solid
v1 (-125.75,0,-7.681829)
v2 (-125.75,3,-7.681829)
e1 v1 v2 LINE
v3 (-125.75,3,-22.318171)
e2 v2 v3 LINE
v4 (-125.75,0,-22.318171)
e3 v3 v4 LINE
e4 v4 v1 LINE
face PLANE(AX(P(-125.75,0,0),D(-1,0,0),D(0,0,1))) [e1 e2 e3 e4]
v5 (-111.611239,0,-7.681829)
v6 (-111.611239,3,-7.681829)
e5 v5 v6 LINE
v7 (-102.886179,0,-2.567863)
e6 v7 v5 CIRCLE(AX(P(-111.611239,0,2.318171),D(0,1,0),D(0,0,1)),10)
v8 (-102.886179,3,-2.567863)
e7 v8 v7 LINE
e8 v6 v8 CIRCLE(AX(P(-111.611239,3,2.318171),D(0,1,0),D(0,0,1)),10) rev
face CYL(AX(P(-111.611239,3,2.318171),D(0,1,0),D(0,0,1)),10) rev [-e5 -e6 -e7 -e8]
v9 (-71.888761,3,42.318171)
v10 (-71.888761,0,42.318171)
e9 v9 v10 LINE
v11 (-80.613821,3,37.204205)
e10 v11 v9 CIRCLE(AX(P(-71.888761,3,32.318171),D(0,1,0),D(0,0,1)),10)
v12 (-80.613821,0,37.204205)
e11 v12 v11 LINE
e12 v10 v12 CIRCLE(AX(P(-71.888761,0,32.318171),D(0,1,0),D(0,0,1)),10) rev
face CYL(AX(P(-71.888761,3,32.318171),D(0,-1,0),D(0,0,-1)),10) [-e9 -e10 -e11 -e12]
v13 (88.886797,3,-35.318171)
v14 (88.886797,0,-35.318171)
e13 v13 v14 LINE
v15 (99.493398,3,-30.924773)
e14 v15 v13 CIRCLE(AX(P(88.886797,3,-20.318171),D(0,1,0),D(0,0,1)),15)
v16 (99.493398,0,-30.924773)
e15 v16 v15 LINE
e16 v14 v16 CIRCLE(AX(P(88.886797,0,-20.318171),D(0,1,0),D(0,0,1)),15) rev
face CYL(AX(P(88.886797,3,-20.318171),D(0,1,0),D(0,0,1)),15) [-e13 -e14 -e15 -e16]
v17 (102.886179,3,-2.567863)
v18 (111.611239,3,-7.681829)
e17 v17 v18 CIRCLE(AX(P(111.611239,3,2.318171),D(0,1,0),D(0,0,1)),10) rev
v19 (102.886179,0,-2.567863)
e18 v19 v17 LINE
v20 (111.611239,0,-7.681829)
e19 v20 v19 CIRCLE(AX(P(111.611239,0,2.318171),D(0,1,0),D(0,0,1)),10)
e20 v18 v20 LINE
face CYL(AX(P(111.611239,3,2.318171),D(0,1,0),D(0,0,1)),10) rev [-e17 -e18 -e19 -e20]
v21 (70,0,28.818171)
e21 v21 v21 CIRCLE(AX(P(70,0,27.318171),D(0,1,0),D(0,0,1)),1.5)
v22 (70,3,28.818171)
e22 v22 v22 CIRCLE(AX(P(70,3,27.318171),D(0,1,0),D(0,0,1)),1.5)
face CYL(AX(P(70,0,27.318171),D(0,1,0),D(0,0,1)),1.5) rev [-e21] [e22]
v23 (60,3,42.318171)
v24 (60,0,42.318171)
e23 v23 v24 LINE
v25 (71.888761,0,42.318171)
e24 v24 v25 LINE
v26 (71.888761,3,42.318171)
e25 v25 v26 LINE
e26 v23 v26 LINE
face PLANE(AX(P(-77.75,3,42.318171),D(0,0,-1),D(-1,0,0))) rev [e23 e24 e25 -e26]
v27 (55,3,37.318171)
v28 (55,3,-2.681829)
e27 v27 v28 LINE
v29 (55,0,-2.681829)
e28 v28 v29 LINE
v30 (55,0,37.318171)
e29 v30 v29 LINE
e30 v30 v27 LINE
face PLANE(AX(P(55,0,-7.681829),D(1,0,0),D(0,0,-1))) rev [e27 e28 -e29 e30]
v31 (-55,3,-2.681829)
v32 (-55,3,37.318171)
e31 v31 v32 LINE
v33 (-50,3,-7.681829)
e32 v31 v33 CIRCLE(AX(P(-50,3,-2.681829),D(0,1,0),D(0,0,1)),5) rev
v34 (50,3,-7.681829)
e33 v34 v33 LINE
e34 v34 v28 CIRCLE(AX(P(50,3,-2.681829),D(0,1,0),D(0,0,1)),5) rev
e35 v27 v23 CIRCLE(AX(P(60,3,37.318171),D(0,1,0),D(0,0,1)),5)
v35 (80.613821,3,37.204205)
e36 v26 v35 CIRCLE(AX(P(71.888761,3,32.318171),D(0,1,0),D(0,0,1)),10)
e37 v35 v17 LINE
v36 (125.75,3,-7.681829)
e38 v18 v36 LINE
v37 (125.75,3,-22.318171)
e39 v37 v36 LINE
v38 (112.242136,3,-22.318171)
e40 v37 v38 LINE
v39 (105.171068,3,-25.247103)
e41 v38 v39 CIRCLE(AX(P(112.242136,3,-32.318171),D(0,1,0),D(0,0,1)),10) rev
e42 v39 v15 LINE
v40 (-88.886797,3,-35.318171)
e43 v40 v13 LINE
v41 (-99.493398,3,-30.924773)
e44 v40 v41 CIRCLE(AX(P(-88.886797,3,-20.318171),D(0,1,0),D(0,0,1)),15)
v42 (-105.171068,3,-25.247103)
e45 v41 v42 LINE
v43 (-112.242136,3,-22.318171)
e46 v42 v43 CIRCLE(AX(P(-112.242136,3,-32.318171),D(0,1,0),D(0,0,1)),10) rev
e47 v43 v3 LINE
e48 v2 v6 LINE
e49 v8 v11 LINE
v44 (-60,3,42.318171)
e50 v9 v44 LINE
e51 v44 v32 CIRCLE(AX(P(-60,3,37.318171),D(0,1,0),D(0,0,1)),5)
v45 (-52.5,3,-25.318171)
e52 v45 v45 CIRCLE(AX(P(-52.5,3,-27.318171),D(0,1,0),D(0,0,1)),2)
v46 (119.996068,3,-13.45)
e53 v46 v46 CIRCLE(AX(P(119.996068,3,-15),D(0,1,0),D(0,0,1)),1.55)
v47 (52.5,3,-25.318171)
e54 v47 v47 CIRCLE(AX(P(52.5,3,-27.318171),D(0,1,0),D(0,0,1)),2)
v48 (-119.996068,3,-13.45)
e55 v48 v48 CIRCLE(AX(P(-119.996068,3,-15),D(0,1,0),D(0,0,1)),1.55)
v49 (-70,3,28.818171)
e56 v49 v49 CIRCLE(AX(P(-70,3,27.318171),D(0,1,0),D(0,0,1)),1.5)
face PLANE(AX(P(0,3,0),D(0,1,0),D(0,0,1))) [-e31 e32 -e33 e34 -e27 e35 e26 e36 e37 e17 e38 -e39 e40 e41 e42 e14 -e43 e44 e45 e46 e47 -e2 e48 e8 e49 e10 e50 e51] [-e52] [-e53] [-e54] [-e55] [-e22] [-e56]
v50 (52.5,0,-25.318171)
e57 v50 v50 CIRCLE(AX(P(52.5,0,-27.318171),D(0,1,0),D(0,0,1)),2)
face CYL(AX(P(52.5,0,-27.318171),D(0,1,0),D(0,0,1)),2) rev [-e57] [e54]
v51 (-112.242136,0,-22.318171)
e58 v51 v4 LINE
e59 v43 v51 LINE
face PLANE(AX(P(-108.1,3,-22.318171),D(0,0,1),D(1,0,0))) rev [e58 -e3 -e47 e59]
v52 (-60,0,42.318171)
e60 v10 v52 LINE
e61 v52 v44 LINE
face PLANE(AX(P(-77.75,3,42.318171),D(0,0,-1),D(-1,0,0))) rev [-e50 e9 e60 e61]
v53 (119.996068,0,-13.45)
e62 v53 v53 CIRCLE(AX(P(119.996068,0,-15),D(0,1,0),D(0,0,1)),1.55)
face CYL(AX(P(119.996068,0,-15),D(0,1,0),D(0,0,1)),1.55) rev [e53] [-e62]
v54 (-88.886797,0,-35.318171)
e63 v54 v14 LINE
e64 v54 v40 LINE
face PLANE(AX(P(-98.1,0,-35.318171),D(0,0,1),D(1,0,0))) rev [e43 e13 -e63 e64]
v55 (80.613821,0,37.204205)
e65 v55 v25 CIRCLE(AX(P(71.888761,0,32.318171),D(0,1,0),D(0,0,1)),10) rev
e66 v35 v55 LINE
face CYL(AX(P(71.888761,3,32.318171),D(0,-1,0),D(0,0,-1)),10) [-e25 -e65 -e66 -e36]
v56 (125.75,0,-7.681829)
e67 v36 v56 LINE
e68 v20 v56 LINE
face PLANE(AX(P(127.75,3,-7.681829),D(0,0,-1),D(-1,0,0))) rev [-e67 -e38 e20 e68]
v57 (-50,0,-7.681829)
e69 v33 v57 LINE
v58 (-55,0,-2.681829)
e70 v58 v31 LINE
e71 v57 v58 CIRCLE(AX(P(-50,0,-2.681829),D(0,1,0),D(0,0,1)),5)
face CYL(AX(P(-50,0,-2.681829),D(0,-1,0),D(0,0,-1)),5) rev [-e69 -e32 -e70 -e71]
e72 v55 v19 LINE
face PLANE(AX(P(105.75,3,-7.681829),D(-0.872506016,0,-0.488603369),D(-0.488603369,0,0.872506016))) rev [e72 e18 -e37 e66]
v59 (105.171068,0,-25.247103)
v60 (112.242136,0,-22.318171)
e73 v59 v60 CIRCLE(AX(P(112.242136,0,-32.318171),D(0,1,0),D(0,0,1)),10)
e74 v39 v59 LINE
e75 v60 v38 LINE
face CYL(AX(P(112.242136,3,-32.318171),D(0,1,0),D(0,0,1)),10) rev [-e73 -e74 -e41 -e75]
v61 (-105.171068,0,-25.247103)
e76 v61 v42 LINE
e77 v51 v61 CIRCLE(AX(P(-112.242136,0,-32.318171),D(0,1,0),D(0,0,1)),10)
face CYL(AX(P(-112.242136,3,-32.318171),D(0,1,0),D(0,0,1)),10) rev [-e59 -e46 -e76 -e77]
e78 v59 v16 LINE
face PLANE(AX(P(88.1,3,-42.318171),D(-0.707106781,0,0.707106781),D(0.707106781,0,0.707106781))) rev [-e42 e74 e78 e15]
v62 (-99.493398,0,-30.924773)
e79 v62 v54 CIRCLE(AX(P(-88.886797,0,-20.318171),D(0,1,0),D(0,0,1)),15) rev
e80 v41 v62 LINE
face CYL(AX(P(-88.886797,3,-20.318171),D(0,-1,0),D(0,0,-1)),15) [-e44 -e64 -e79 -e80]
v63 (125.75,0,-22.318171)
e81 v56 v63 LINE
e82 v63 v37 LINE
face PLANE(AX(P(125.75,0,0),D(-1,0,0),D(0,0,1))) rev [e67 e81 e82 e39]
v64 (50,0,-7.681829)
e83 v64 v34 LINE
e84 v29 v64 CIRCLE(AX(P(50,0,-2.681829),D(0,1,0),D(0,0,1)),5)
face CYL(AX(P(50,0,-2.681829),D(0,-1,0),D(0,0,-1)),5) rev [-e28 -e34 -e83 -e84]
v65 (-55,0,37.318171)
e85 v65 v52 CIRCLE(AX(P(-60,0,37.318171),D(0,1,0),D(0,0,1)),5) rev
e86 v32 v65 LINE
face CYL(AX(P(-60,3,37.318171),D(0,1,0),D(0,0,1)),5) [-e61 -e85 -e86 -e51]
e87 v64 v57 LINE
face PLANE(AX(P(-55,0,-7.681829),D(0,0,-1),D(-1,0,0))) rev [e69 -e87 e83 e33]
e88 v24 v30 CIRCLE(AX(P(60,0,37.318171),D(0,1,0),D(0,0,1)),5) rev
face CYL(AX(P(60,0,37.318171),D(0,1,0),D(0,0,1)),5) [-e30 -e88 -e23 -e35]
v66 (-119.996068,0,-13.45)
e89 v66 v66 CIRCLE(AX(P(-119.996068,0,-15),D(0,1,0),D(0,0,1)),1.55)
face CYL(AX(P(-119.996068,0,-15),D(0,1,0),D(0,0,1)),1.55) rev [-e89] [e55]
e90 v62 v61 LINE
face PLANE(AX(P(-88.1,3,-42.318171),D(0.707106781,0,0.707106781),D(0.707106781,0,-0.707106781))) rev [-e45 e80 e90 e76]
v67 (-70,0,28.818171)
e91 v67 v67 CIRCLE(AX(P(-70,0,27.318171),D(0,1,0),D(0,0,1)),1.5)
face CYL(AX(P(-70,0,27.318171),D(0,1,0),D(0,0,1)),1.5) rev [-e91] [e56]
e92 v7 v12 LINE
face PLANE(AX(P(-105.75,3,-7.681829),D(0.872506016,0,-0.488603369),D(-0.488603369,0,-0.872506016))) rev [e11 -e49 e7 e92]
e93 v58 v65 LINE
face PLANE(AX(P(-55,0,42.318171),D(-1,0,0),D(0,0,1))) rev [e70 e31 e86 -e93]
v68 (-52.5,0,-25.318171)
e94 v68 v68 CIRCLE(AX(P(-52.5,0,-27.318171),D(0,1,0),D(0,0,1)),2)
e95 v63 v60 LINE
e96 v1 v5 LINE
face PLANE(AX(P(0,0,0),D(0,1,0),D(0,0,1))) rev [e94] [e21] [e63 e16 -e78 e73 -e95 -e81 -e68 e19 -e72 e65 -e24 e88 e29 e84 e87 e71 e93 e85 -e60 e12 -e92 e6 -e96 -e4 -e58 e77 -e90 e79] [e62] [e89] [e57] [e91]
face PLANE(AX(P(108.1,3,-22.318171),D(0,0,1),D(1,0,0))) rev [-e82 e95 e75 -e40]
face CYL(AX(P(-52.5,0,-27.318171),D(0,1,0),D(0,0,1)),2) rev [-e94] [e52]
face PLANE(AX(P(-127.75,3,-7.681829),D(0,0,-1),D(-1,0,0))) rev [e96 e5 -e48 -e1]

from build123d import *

# Parameters (mm, degrees)
SALIENTE_EXTRUIR1_DEPTH = 3
REDONDEO1_R             = 10
CROQUIS2_R              = 1.5
CROQUIS2_R_2            = 1.55
CORTAR_EXTRUIR1_DEPTH   = 135.610141171
CROQUIS4_W              = 110
CROQUIS4_H              = 50
CORTAR_EXTRUIR2_DEPTH   = 135.610141171
REDONDEO2_R             = 5
CROQUIS5_W              = 4
CROQUIS5_H              = 14.636342218
CORTAR_EXTRUIR3_DEPTH   = 135.610141171
CROQUIS6_W              = 14.636342218
CROQUIS6_H              = 3
SALIENTE_EXTRUIR2_DEPTH = 2
CROQUIS8_W              = 14.636342218
CROQUIS8_H              = 3
SALIENTE_EXTRUIR3_DEPTH = 2
CROQUIS9_W              = 196.2
CROQUIS9_H              = 31.087527503
CORTAR_EXTRUIR4_DEPTH   = 133.713564137
CROQUIS10_R             = 2
CORTAR_EXTRUIR5_DEPTH   = 133.713564137
REDONDEO6_R             = 15


with BuildPart() as part:
    # Croquis1 → Saliente-Extruir1 (new body)
    with BuildSketch(Plane(origin=(0, 0, 0), x_dir=(1, 0, 0), z_dir=(0, 1, 0))):
        Polygon((-88.1, 42.318171109), (88.1, 42.318171109), (108.1, 22.318171109), (127.75, 22.318171109), (127.75, 7.681828891), (105.75, 7.681828891), (77.75, -42.318171109), (-77.75, -42.318171109), (-105.75, 7.681828891), (-127.75, 7.681828891), (-127.75, 22.318171109), (-108.1, 22.318171109), align=None)
    extrude(amount=SALIENTE_EXTRUIR1_DEPTH)

    # Redondeo1
    redondeo1_edges = [part.edges().sort_by_distance(p)[0] for p in [
        (-88.1, 1.5, -42.318171109),
        (88.1, 1.5, -42.318171109),
        (108.1, 1.5, -22.318171109),
        (105.75, 1.5, -7.681828891),
        (77.75, 1.5, 42.318171109),
        (-77.75, 1.5, 42.318171109),
        (-105.75, 1.5, -7.681828891),
        (-108.1, 1.5, -22.318171109),
    ]]
    fillet(redondeo1_edges, radius=REDONDEO1_R)

    # Croquis2 → Cortar-Extruir1 (cut, through all)
    with BuildSketch(Plane(origin=(0, 3, 0), x_dir=(1, 0, 0), z_dir=(0, 1, 0))):
        with Locations(Location((70, -27.318171109, 0), (0, 0, 270))):
            Circle(CROQUIS2_R)
        with Locations(Location((-70, -27.318171109, 0), (0, 0, 270))):
            Circle(CROQUIS2_R)
        with Locations(Location((-119.996067812, 15, 0), (0, 0, 270))):
            Circle(CROQUIS2_R_2)
        with Locations(Location((119.996067812, 15, 0), (0, 0, 270))):
            Circle(CROQUIS2_R_2)
        with Locations(Location((-17.5, -17.318171109, 0), (0, 0, 270))):
            Circle(CROQUIS2_R)
        with Locations(Location((17.5, -17.318171109, 0), (0, 0, 270))):
            Circle(CROQUIS2_R)
        with Locations(Location((-17.5, -37.318171109, 0), (0, 0, 270))):
            Circle(CROQUIS2_R)
        with Locations(Location((17.5, -37.318171109, 0), (0, 0, 270))):
            Circle(CROQUIS2_R)
    extrude(amount=-CORTAR_EXTRUIR1_DEPTH, mode=Mode.SUBTRACT)

    # Croquis4 → Cortar-Extruir2 (cut, through all)
    with BuildSketch(Plane(origin=(0, 3, 0), x_dir=(1, 0, 0), z_dir=(0, 1, 0))):
        with Locations((0, -17.318171109)):
            Rectangle(CROQUIS4_W, CROQUIS4_H)
    extrude(amount=-CORTAR_EXTRUIR2_DEPTH, mode=Mode.SUBTRACT)

    # Redondeo2
    redondeo2_edges = [part.edges().sort_by_distance(p)[0] for p in [
        (55, 1.5, 42.318171109),
        (-55, 1.5, 42.318171109),
        (-55, 1.5, -7.681828891),
        (55, 1.5, -7.681828891),
    ]]
    fillet(redondeo2_edges, radius=REDONDEO2_R)

    # Croquis5 → Cortar-Extruir3 (cut, through all)
    with BuildSketch(Plane(origin=(0, 3, 0), x_dir=(1, 0, 0), z_dir=(0, 1, 0))):
        with Locations((-125.75, 15)):
            Rectangle(CROQUIS5_W, CROQUIS5_H)
        with Locations((125.75, 15)):
            Rectangle(CROQUIS5_W, CROQUIS5_H)
    extrude(amount=-CORTAR_EXTRUIR3_DEPTH, mode=Mode.SUBTRACT)

    # Croquis6 → Saliente-Extruir2 (add)
    with BuildSketch(Plane(origin=(123.75, 0, 0), x_dir=(0, 0, -1), z_dir=(1, 0, 0))):
        with Locations((15, 1.5)):
            Rectangle(CROQUIS6_W, CROQUIS6_H)
    extrude(amount=SALIENTE_EXTRUIR2_DEPTH)

    # Croquis8 → Saliente-Extruir3 (add)
    with BuildSketch(Plane.ZY.offset(123.75)):
        with Locations((-15, 1.5)):
            Rectangle(CROQUIS8_W, CROQUIS8_H)
    extrude(amount=SALIENTE_EXTRUIR3_DEPTH)

    # Croquis9 → Cortar-Extruir4 (cut, through all)
    with BuildSketch(Plane(origin=(0, 3, 0), x_dir=(1, 0, 0), z_dir=(0, 1, 0))):
        with Locations((0, 50.861934861)):
            Rectangle(CROQUIS9_W, CROQUIS9_H)
    extrude(amount=-CORTAR_EXTRUIR4_DEPTH, mode=Mode.SUBTRACT)

    # Croquis10 → Cortar-Extruir5 (cut, through all)
    with BuildSketch(Plane(origin=(0, 3, 0), x_dir=(1, 0, 0), z_dir=(0, 1, 0))):
        with Locations(Location((-52.5, 27.318171109, 0), (0, 0, 270))):
            Circle(CROQUIS10_R)
        with Locations(Location((52.5, 27.318171109, 0), (0, 0, 270))):
            Circle(CROQUIS10_R)
    extrude(amount=-CORTAR_EXTRUIR5_DEPTH, mode=Mode.SUBTRACT)

    # Redondeo6
    redondeo6_edges = [part.edges().sort_by_distance(p)[0] for p in [
        (-95.1, 1.5, -35.318171109),
        (95.1, 1.5, -35.318171109),
    ]]
    fillet(redondeo6_edges, radius=REDONDEO6_R)


solid = part.part
